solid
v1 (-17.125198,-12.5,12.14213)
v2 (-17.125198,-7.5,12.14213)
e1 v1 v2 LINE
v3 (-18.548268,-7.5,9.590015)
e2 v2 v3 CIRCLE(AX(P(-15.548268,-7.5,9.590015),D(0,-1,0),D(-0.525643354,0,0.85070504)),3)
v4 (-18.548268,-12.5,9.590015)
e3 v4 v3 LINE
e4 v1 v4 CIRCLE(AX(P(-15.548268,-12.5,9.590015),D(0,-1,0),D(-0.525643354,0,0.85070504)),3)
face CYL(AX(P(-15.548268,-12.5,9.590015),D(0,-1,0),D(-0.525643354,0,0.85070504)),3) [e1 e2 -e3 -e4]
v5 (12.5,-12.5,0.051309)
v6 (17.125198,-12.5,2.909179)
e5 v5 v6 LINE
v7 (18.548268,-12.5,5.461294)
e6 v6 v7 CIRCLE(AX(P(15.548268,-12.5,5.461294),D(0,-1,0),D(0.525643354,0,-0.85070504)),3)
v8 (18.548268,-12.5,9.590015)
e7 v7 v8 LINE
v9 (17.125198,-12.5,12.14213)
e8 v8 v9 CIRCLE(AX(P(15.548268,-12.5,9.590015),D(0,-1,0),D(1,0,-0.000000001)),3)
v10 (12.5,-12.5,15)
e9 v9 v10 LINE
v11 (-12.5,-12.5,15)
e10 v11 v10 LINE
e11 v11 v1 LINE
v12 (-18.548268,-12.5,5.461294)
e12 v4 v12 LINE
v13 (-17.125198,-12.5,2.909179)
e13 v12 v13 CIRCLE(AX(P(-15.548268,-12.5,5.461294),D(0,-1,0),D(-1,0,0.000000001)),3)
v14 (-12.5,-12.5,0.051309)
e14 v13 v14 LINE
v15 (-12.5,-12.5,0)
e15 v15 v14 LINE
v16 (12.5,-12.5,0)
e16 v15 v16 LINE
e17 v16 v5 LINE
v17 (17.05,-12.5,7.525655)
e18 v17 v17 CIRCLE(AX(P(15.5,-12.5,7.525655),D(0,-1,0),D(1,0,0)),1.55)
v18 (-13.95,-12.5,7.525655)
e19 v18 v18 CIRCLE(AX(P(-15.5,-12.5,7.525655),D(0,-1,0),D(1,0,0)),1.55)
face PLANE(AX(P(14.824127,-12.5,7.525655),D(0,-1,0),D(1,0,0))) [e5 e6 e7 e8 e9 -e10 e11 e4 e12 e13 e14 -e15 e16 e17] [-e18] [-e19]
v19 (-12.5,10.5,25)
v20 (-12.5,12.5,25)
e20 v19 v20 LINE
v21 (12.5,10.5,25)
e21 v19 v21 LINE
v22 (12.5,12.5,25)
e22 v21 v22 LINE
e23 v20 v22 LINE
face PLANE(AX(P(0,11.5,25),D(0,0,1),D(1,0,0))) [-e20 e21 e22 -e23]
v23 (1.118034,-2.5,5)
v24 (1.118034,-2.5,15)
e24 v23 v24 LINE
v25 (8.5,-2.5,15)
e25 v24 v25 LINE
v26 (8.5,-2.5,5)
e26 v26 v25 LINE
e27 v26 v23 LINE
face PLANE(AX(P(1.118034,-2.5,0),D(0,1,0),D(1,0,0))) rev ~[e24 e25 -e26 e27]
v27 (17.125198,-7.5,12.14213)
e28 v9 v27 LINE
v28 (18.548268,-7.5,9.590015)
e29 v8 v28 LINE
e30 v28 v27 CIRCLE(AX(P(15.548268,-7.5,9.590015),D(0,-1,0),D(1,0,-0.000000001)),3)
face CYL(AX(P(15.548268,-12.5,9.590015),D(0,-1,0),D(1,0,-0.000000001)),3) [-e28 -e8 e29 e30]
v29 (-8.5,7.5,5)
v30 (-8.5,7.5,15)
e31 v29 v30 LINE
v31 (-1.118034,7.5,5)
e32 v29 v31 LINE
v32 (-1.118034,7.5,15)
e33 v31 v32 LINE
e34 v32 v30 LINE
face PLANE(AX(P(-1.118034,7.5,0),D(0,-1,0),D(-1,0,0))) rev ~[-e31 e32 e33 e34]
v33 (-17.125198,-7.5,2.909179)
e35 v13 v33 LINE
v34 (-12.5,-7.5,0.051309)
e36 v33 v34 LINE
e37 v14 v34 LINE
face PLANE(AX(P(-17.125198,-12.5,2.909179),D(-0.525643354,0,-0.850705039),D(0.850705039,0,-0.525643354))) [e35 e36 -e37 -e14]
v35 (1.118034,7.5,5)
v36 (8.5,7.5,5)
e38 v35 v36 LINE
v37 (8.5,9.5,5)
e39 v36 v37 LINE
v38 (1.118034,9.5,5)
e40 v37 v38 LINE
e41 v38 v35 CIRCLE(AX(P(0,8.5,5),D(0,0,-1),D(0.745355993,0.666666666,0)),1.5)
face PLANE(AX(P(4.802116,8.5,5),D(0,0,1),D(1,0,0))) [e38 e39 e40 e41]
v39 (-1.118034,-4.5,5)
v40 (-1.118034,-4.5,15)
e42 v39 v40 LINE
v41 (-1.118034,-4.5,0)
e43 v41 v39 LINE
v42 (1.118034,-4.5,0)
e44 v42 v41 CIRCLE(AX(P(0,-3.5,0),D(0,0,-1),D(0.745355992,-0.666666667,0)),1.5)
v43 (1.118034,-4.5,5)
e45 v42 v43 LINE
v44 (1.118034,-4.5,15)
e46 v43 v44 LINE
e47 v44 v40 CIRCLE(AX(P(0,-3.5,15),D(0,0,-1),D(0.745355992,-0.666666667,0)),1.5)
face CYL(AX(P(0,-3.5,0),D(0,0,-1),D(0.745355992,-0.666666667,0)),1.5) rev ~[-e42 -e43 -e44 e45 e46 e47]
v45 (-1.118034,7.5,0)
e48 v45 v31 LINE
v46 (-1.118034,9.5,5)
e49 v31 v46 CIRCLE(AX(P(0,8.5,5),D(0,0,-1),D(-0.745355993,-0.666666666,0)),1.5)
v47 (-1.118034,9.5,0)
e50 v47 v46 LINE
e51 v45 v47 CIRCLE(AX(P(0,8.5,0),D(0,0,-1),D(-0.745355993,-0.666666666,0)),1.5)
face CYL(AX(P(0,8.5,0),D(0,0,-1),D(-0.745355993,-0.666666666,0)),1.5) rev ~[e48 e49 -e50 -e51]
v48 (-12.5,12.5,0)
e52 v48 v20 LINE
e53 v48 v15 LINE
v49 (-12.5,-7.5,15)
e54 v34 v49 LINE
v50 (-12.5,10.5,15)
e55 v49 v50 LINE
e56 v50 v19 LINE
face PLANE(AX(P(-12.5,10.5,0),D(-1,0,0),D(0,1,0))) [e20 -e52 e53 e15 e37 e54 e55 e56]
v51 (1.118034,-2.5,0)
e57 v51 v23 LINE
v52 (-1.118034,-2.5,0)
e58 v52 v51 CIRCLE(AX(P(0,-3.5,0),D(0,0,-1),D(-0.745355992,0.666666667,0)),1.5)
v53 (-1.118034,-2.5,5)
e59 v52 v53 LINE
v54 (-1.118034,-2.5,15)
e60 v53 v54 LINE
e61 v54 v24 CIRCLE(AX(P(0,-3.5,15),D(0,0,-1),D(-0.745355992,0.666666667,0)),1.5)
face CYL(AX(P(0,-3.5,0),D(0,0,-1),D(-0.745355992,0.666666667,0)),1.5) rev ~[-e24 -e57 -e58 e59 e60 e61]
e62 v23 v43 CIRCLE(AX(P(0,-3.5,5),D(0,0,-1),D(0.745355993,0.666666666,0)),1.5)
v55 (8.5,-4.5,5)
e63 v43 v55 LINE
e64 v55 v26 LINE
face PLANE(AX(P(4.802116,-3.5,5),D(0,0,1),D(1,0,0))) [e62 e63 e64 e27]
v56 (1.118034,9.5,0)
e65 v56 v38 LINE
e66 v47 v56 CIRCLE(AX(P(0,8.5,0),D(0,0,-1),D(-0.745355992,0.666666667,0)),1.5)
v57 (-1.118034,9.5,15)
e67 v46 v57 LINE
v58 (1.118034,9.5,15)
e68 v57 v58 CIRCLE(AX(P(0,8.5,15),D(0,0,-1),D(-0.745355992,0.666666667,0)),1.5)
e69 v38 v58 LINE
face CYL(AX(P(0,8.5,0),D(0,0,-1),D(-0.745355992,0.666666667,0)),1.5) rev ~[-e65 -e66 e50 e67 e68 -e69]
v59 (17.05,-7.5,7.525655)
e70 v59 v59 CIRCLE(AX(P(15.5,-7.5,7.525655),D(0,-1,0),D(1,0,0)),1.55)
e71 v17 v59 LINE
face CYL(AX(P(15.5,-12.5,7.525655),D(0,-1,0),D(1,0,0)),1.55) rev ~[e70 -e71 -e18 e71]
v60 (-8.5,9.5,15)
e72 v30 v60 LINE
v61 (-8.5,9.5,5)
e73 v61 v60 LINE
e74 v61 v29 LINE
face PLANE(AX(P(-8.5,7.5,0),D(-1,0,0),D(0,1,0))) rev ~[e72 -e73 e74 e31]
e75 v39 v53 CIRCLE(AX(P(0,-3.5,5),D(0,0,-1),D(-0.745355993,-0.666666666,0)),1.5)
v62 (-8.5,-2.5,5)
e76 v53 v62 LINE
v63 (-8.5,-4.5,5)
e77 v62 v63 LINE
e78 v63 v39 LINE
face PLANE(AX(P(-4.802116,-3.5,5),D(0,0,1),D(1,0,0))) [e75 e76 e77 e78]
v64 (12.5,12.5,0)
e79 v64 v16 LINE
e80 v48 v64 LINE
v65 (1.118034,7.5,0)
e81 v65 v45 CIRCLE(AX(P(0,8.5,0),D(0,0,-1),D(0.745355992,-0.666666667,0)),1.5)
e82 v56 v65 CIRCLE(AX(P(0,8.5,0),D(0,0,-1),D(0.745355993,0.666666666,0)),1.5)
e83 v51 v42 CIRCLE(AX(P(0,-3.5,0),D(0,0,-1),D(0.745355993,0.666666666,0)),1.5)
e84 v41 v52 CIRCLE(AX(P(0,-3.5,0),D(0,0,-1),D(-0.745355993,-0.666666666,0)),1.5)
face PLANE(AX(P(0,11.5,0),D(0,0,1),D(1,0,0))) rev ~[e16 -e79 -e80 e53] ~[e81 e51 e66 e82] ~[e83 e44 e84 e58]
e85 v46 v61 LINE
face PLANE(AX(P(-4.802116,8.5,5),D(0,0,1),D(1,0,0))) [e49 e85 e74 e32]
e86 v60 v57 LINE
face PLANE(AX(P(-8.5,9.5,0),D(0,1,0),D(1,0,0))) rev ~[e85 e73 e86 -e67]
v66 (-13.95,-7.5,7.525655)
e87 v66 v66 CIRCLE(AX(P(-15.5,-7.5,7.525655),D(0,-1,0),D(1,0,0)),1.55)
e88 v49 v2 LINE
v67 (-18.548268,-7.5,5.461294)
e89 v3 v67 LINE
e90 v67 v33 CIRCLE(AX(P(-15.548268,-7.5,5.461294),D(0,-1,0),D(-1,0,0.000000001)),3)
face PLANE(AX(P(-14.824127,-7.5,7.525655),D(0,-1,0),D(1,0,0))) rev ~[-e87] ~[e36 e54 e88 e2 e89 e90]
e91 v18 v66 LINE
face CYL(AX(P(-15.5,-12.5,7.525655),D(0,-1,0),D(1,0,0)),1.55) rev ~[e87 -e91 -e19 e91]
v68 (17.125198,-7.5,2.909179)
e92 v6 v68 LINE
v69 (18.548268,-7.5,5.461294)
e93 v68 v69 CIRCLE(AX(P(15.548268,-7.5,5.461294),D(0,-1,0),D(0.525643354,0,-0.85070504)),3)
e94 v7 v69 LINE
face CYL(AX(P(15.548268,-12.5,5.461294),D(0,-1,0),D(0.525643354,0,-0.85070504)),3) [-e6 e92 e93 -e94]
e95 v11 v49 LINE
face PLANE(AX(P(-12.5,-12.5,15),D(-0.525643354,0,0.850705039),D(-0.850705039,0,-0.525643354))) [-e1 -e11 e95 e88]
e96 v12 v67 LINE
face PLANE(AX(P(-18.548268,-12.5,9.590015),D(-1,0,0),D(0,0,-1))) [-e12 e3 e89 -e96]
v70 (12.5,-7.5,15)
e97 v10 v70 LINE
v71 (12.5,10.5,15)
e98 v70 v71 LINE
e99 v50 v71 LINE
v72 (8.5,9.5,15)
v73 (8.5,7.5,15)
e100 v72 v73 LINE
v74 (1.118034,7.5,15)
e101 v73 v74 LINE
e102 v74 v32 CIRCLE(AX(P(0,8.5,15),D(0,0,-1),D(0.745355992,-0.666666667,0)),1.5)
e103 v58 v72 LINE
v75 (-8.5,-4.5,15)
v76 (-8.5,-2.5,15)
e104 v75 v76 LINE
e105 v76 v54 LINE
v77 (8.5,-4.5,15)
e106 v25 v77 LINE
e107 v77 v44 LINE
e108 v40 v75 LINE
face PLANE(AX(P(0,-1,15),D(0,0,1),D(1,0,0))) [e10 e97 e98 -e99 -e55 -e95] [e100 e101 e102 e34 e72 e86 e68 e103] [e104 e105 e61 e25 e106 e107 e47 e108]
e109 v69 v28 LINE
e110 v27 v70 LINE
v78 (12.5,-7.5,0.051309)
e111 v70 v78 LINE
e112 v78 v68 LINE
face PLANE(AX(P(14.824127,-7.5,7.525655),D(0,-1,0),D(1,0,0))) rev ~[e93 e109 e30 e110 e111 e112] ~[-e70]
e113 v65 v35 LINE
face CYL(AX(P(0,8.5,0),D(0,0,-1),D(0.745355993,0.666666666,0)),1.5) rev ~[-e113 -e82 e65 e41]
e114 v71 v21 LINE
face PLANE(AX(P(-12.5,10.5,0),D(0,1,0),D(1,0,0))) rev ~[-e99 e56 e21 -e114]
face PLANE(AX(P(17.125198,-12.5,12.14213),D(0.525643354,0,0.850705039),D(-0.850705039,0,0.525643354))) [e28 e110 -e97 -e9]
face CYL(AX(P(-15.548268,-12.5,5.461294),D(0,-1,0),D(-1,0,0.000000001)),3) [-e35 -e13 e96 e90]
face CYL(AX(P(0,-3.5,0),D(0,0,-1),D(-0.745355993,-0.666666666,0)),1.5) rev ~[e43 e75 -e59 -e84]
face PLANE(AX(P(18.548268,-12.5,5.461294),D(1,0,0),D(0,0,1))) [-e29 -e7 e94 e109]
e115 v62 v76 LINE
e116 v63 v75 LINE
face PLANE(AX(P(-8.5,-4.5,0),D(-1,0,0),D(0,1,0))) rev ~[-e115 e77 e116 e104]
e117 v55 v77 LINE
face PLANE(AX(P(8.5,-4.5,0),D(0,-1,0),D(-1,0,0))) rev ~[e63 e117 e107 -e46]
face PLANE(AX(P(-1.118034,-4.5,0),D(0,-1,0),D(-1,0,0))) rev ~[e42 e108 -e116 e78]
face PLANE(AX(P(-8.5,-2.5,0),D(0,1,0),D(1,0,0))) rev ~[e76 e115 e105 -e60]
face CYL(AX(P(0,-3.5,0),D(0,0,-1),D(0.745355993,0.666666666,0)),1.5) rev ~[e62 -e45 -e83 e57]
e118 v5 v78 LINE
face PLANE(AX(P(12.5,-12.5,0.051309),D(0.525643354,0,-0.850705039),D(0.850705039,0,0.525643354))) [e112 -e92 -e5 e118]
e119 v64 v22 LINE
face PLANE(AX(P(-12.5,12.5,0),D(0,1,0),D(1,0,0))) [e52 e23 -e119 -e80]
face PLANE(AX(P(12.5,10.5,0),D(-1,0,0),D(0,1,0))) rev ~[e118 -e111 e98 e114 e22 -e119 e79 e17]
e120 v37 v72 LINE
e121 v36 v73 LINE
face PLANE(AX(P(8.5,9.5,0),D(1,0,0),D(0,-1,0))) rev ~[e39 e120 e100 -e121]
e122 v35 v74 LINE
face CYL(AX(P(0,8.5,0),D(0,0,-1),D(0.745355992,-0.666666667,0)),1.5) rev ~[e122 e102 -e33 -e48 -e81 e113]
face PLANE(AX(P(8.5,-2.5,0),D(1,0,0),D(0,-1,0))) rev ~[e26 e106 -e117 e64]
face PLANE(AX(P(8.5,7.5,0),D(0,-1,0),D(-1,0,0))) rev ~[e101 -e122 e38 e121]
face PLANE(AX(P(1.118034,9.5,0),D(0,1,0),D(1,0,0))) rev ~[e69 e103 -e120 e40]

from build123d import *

# Parameters (mm, degrees)
SKETCH1_W           = 25
SKETCH1_H           = 23
BOSS_EXTRUDE1_DEPTH = 15
BOSS_EXTRUDE4_DEPTH = 5
SKETCH3_R           = 1.55
BOSS_EXTRUDE5_DEPTH = 5
SKETCH1_6_W         = 25
SKETCH1_6_H         = 2
BOSS_EXTRUDE6_DEPTH = 25


with BuildPart() as part:
    # Sketch1 → Boss-Extrude1 (new body)
    with BuildSketch(Plane.XY):
        with Locations((0, -1)):
            Rectangle(SKETCH1_W, SKETCH1_H)
        with BuildLine():
            Line((8.5, -2.5), (8.5, -4.5))
            Line((8.5, -4.5), (1.118033989, -4.5))
            ThreePointArc((1.118033989, -4.5), (0, -5), (-1.118033989, -4.5))
            Line((-1.118033989, -4.5), (-8.5, -4.5))
            Line((-8.5, -4.5), (-8.5, -2.5))
            Line((-8.5, -2.5), (-1.118033989, -2.5))
            ThreePointArc((-1.118033989, -2.5), (0, -2), (1.118033989, -2.5))
            Line((1.118033989, -2.5), (8.5, -2.5))
        make_face(mode=Mode.SUBTRACT)
        with BuildLine():
            Line((8.5, 9.5), (8.5, 7.5))
            Line((8.5, 7.5), (1.118033989, 7.5))
            ThreePointArc((1.118033989, 7.5), (0, 7), (-1.118033989, 7.5))
            Line((-1.118033989, 7.5), (-8.5, 7.5))
            Line((-8.5, 7.5), (-8.5, 9.5))
            Line((-8.5, 9.5), (-1.118033989, 9.5))
            ThreePointArc((-1.118033989, 9.5), (0, 10), (1.118033989, 9.5))
            Line((1.118033989, 9.5), (8.5, 9.5))
        make_face(mode=Mode.SUBTRACT)
    extrude(amount=BOSS_EXTRUDE1_DEPTH)

    # Sketch1<5> → Boss-Extrude4 (add)
    with BuildSketch(Plane.XY):
        with BuildLine():
            Line((1.118033989, -4.5), (8.5, -4.5))
            Line((8.5, -4.5), (8.5, -2.5))
            Line((8.5, -2.5), (1.118033989, -2.5))
            ThreePointArc((1.118033989, -2.5), (1.5, -3.5), (1.118033989, -4.5))
        make_face()
        with BuildLine():
            Line((-8.5, -4.5), (-1.118033989, -4.5))
            ThreePointArc((-1.118033989, -4.5), (-1.5, -3.5), (-1.118033989, -2.5))
            Line((-1.118033989, -2.5), (-8.5, -2.5))
            Line((-8.5, -2.5), (-8.5, -4.5))
        make_face()
        with BuildLine():
            Line((1.118033989, 7.5), (8.5, 7.5))
            Line((8.5, 7.5), (8.5, 9.5))
            Line((8.5, 9.5), (1.118033989, 9.5))
            ThreePointArc((1.118033989, 9.5), (1.5, 8.5), (1.118033989, 7.5))
        make_face()
        with BuildLine():
            Line((-8.5, 7.5), (-1.118033989, 7.5))
            ThreePointArc((-1.118033989, 7.5), (-1.5, 8.5), (-1.118033989, 9.5))
            Line((-1.118033989, 9.5), (-8.5, 9.5))
            Line((-8.5, 9.5), (-8.5, 7.5))
        make_face()
    extrude(amount=BOSS_EXTRUDE4_DEPTH)

    # Sketch3 → Boss-Extrude5 (add)
    # profile 1 of 2: a face of its own
    with BuildSketch(Plane.XZ.offset(12.5)):
        with BuildLine():
            ThreePointArc((17.125197634, 2.909179163), (18.168457468, 4.000265566), (18.548267571, 5.461294281))
            Line((18.548267571, 5.461294281), (18.548267571, 9.590014896))
            ThreePointArc((18.548267571, 9.590014896), (18.168457468, 11.051043611), (17.125197634, 12.142130014))
            Line((17.125197634, 12.142130014), (12.5, 15))
            Line((12.5, 15), (12.5, 0.051309177))
            Line((12.5, 0.051309177), (17.125197634, 2.909179163))
        make_face()
        with Locations((15.5, 7.525654589)):
            Circle(SKETCH3_R, mode=Mode.SUBTRACT)
    # profile 2 of 2: a face of its own
    with BuildSketch(Plane.XZ.offset(12.5)):
        with BuildLine():
            Line((-12.5, 15), (-17.125197634, 12.142130014))
            ThreePointArc((-17.125197634, 12.142130014), (-18.168457468, 11.051043611), (-18.548267571, 9.590014896))
            Line((-18.548267571, 9.590014896), (-18.548267571, 5.461294281))
            ThreePointArc((-18.548267571, 5.461294281), (-18.168457468, 4.000265566), (-17.125197634, 2.909179163))
            Line((-17.125197634, 2.909179163), (-12.5, 0.051309177))
            Line((-12.5, 0.051309177), (-12.5, 15))
        make_face()
        with Locations((-15.5, 7.525654589)):
            Circle(SKETCH3_R, mode=Mode.SUBTRACT)
    extrude(amount=-BOSS_EXTRUDE5_DEPTH)

    # Sketch1<6> → Boss-Extrude6 (add)
    with BuildSketch(Plane.XY):
        with Locations((0, 11.5)):
            Rectangle(SKETCH1_6_W, SKETCH1_6_H)
    extrude(amount=BOSS_EXTRUDE6_DEPTH)


solid = part.part
